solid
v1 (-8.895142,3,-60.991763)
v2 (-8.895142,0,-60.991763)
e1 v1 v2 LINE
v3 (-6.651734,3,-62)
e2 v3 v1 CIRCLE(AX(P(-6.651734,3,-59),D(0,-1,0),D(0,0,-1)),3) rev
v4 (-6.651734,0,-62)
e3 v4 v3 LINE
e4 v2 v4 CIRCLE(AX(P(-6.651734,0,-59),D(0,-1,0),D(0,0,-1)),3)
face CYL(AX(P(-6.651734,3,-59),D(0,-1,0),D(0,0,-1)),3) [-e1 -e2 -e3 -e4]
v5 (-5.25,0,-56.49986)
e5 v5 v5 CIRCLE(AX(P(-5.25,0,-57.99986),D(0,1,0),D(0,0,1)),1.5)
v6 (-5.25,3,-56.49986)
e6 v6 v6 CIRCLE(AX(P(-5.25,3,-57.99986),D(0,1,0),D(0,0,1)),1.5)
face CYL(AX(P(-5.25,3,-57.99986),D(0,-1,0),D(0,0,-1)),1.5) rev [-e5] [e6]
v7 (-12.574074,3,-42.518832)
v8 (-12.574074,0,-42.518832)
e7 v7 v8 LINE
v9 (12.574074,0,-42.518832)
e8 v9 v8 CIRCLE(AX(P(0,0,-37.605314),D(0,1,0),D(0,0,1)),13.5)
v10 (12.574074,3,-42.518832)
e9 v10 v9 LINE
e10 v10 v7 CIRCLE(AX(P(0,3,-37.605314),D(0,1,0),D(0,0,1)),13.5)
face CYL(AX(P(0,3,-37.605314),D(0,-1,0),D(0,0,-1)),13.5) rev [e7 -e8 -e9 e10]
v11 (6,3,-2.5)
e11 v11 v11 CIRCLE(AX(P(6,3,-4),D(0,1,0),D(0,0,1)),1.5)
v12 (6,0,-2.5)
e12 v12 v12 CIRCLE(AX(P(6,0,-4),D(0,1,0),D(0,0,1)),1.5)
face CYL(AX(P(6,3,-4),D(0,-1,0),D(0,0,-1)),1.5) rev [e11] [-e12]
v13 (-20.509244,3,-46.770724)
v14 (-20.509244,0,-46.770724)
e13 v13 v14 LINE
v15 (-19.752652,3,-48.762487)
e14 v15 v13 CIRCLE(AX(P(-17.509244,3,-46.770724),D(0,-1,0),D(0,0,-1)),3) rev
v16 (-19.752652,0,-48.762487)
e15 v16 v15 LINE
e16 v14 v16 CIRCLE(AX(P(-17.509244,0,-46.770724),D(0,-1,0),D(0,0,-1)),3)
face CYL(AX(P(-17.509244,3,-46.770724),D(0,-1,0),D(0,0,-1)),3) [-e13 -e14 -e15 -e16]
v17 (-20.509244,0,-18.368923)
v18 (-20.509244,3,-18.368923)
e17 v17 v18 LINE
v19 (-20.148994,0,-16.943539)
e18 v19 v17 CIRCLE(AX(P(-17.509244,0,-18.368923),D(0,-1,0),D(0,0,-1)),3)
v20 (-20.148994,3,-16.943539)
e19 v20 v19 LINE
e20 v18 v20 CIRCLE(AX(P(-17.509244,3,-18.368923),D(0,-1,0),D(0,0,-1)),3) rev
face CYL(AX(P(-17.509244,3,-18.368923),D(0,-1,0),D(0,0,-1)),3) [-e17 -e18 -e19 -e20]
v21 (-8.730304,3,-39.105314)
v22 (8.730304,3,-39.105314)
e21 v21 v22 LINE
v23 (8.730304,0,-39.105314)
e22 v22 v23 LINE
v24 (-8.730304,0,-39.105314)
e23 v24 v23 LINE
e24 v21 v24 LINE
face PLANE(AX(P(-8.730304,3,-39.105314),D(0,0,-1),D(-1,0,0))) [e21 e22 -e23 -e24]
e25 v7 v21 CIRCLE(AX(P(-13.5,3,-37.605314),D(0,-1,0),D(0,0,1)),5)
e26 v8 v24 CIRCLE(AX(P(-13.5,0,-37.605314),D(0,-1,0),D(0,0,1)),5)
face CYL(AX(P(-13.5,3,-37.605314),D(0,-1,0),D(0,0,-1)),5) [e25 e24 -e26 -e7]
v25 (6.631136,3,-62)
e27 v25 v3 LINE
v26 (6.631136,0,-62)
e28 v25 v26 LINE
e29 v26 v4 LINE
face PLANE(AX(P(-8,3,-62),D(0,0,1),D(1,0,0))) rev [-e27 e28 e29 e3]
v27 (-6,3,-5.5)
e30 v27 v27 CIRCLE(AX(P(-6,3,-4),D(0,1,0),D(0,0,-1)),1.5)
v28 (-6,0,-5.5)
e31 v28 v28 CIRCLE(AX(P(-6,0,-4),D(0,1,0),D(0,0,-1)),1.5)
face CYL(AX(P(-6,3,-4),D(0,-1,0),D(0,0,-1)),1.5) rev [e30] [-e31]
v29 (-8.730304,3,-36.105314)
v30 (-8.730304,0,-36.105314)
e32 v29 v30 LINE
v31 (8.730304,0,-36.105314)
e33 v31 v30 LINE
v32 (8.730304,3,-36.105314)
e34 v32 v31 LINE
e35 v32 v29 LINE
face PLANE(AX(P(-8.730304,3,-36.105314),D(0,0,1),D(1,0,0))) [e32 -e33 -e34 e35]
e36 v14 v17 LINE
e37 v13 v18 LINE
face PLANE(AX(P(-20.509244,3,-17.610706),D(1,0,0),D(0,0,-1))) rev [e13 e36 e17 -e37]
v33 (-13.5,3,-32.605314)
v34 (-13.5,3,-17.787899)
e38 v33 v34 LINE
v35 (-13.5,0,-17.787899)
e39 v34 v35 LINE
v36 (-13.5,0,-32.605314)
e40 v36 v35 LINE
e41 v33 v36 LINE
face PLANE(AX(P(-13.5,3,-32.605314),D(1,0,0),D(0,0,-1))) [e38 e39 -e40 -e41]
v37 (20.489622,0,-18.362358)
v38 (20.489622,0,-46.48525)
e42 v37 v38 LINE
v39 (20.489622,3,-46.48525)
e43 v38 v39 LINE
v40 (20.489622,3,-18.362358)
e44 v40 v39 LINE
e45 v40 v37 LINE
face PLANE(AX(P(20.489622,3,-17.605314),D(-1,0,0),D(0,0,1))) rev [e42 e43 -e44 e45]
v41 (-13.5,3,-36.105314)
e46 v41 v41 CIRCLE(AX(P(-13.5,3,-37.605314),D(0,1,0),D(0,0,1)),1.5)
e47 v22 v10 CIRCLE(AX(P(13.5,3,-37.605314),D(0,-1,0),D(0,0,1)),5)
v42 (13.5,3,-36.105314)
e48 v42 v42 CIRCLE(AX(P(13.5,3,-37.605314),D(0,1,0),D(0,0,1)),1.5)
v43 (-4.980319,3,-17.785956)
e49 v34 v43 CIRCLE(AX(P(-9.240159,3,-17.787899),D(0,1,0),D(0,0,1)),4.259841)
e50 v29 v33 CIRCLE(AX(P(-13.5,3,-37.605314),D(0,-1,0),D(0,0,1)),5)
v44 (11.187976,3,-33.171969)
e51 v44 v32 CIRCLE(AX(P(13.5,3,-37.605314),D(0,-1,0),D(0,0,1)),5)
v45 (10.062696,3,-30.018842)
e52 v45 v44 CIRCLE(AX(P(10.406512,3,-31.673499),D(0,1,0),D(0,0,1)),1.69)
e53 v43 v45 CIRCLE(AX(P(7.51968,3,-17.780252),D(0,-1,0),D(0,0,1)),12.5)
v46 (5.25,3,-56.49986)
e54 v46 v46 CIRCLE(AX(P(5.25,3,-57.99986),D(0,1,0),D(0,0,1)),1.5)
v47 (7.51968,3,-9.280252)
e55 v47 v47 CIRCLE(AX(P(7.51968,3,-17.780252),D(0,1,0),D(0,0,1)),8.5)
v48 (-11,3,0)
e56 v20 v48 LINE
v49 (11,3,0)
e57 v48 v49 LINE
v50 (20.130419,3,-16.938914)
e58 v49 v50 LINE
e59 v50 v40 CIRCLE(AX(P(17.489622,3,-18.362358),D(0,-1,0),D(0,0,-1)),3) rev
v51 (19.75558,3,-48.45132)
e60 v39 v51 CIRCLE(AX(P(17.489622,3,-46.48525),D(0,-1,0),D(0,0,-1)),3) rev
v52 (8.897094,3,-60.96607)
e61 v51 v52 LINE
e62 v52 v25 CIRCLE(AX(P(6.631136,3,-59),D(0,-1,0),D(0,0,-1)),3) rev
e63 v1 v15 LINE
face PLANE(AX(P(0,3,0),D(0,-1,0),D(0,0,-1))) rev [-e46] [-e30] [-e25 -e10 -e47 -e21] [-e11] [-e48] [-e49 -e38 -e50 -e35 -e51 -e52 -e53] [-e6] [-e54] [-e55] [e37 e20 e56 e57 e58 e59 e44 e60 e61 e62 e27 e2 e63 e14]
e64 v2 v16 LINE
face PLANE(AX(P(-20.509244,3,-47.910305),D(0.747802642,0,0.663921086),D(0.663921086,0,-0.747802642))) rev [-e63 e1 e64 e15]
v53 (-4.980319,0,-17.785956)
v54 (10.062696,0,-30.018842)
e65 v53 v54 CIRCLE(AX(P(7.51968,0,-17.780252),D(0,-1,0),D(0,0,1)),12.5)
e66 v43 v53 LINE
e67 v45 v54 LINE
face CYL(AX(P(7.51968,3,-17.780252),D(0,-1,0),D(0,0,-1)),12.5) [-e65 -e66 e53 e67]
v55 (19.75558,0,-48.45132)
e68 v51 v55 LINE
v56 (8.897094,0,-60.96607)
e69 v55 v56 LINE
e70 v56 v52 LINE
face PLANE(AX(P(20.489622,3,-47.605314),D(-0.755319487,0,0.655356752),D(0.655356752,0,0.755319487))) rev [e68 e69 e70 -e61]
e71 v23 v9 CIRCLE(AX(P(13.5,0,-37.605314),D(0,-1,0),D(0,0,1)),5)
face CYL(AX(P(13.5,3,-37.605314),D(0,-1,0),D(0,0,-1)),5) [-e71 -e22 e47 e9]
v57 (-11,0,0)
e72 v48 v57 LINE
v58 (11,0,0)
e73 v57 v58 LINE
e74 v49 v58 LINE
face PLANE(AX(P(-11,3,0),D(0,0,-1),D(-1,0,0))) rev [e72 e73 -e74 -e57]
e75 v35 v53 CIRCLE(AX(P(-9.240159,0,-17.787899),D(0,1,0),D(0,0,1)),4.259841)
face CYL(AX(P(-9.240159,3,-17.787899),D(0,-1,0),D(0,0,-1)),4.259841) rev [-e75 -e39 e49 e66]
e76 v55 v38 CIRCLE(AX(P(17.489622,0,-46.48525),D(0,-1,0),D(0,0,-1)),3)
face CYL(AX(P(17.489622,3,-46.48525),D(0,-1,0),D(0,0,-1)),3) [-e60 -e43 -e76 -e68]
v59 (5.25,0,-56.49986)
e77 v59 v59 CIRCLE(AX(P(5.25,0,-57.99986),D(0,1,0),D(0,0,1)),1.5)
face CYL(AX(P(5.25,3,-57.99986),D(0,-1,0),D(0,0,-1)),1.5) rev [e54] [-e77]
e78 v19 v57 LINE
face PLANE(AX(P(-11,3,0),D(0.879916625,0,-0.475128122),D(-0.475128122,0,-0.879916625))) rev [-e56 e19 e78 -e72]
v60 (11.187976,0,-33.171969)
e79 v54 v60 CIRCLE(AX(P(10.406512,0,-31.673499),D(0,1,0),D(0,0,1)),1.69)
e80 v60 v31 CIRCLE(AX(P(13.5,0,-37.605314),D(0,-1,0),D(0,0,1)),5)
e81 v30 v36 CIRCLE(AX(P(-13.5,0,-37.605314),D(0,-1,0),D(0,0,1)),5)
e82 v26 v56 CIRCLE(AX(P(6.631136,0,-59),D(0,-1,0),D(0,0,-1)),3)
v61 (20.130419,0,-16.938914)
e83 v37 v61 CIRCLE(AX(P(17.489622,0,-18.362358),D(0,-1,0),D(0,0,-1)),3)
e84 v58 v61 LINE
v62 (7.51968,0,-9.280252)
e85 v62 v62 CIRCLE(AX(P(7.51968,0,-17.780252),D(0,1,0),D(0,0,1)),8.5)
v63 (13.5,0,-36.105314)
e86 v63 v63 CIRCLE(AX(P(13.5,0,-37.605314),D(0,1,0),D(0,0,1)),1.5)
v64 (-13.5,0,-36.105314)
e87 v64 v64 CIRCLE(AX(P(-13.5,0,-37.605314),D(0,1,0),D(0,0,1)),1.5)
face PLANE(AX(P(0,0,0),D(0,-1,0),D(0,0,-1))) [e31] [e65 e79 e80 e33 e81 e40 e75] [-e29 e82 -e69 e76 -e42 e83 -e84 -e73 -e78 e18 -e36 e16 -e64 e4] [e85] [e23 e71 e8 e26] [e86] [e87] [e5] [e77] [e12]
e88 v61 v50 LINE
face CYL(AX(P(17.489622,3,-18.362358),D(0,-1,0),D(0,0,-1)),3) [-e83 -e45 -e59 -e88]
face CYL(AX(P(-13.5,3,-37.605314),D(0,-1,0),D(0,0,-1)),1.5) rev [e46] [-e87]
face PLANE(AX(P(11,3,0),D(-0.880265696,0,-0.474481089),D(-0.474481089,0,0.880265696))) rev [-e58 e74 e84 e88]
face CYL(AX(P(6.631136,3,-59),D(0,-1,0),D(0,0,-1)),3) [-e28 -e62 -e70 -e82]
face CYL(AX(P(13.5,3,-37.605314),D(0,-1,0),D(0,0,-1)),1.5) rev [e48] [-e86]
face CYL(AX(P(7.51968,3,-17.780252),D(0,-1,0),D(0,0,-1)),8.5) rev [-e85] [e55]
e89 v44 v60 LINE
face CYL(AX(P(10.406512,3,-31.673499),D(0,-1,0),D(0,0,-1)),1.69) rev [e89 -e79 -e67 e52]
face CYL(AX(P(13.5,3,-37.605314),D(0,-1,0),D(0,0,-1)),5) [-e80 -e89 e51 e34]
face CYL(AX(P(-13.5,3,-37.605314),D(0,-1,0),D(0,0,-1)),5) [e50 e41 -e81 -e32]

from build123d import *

# Parameters (mm, degrees)
SKETCH1_R           = 8.5
SKETCH1_R_2         = 1.5
BOSS_EXTRUDE1_DEPTH = 3
FILLET1_R           = 3


with BuildPart() as part:
    # Sketch1 → Boss-Extrude1 (new body)
    with BuildSketch(Plane(origin=(0, 0, 0), x_dir=(1, 0, 0), z_dir=(0, 1, 0))):
        Polygon((-11, 0), (11, 0), (20.489621783, 17.605313925), (20.489621783, 47.605313925), (8, 62), (-8, 62), (-20.509243816, 47.910305032), (-20.509243816, 17.610706132), align=None)
        with Locations((7.519679741, 17.780252273)):
            Circle(SKETCH1_R, mode=Mode.SUBTRACT)
        with Locations((6, 4)):
            Circle(SKETCH1_R_2, mode=Mode.SUBTRACT)
        with Locations((-6, 4)):
            Circle(SKETCH1_R_2, mode=Mode.SUBTRACT)
        with Locations((-5.25, 57.999859765)):
            Circle(SKETCH1_R_2, mode=Mode.SUBTRACT)
        with Locations((5.25, 57.999859765)):
            Circle(SKETCH1_R_2, mode=Mode.SUBTRACT)
        with Locations((-13.5, 37.605313925)):
            Circle(SKETCH1_R_2, mode=Mode.SUBTRACT)
        with Locations((13.5, 37.605313925)):
            Circle(SKETCH1_R_2, mode=Mode.SUBTRACT)
        with BuildLine():
            Line((-8.730303993, 39.105313925), (8.730303993, 39.105313925))
            ThreePointArc((8.730303993, 39.105313925), (10.179901517, 41.34388933), (12.574074074, 42.518832133))
            ThreePointArc((12.574074074, 42.518832133), (0, 51.105313925), (-12.574074074, 42.518832133))
            ThreePointArc((-12.574074074, 42.518832133), (-10.179901517, 41.34388933), (-8.730303993, 39.105313925))
        make_face(mode=Mode.SUBTRACT)
        with BuildLine():
            Line((-8.730303993, 36.105313925), (8.730303993, 36.105313925))
            ThreePointArc((8.730303993, 36.105313925), (9.667400631, 34.394210987), (11.187975781, 33.171969363))
            ThreePointArc((11.187975781, 33.171969363), (11.998189223, 31.105465162), (10.062695821, 30.018841621))
            ThreePointArc((10.062695821, 30.018841621), (-0.366780245, 27.478383479), (-4.980318958, 17.785955551))
            ThreePointArc((-4.980318958, 17.785955551), (-9.241131059, 13.528058523), (-13.5, 17.787899155))
            Line((-13.5, 17.787899155), (-13.5, 32.605313925))
            ThreePointArc((-13.5, 32.605313925), (-10.541960108, 33.574185051), (-8.730303993, 36.105313925))
        make_face(mode=Mode.SUBTRACT)
    extrude(amount=BOSS_EXTRUDE1_DEPTH)

    # Fillet1
    fillet1_edges = [part.edges().sort_by_distance(p)[0] for p in [
        (-20.509243816, 1.5, -17.610706132),
        (-20.509243816, 1.5, -47.910305032),
        (-8, 1.5, -62),
        (8, 1.5, -62),
        (20.489621783, 1.5, -47.605313925),
        (20.489621783, 1.5, -17.605313925),
    ]]
    fillet(fillet1_edges, radius=FILLET1_R)


solid = part.part
